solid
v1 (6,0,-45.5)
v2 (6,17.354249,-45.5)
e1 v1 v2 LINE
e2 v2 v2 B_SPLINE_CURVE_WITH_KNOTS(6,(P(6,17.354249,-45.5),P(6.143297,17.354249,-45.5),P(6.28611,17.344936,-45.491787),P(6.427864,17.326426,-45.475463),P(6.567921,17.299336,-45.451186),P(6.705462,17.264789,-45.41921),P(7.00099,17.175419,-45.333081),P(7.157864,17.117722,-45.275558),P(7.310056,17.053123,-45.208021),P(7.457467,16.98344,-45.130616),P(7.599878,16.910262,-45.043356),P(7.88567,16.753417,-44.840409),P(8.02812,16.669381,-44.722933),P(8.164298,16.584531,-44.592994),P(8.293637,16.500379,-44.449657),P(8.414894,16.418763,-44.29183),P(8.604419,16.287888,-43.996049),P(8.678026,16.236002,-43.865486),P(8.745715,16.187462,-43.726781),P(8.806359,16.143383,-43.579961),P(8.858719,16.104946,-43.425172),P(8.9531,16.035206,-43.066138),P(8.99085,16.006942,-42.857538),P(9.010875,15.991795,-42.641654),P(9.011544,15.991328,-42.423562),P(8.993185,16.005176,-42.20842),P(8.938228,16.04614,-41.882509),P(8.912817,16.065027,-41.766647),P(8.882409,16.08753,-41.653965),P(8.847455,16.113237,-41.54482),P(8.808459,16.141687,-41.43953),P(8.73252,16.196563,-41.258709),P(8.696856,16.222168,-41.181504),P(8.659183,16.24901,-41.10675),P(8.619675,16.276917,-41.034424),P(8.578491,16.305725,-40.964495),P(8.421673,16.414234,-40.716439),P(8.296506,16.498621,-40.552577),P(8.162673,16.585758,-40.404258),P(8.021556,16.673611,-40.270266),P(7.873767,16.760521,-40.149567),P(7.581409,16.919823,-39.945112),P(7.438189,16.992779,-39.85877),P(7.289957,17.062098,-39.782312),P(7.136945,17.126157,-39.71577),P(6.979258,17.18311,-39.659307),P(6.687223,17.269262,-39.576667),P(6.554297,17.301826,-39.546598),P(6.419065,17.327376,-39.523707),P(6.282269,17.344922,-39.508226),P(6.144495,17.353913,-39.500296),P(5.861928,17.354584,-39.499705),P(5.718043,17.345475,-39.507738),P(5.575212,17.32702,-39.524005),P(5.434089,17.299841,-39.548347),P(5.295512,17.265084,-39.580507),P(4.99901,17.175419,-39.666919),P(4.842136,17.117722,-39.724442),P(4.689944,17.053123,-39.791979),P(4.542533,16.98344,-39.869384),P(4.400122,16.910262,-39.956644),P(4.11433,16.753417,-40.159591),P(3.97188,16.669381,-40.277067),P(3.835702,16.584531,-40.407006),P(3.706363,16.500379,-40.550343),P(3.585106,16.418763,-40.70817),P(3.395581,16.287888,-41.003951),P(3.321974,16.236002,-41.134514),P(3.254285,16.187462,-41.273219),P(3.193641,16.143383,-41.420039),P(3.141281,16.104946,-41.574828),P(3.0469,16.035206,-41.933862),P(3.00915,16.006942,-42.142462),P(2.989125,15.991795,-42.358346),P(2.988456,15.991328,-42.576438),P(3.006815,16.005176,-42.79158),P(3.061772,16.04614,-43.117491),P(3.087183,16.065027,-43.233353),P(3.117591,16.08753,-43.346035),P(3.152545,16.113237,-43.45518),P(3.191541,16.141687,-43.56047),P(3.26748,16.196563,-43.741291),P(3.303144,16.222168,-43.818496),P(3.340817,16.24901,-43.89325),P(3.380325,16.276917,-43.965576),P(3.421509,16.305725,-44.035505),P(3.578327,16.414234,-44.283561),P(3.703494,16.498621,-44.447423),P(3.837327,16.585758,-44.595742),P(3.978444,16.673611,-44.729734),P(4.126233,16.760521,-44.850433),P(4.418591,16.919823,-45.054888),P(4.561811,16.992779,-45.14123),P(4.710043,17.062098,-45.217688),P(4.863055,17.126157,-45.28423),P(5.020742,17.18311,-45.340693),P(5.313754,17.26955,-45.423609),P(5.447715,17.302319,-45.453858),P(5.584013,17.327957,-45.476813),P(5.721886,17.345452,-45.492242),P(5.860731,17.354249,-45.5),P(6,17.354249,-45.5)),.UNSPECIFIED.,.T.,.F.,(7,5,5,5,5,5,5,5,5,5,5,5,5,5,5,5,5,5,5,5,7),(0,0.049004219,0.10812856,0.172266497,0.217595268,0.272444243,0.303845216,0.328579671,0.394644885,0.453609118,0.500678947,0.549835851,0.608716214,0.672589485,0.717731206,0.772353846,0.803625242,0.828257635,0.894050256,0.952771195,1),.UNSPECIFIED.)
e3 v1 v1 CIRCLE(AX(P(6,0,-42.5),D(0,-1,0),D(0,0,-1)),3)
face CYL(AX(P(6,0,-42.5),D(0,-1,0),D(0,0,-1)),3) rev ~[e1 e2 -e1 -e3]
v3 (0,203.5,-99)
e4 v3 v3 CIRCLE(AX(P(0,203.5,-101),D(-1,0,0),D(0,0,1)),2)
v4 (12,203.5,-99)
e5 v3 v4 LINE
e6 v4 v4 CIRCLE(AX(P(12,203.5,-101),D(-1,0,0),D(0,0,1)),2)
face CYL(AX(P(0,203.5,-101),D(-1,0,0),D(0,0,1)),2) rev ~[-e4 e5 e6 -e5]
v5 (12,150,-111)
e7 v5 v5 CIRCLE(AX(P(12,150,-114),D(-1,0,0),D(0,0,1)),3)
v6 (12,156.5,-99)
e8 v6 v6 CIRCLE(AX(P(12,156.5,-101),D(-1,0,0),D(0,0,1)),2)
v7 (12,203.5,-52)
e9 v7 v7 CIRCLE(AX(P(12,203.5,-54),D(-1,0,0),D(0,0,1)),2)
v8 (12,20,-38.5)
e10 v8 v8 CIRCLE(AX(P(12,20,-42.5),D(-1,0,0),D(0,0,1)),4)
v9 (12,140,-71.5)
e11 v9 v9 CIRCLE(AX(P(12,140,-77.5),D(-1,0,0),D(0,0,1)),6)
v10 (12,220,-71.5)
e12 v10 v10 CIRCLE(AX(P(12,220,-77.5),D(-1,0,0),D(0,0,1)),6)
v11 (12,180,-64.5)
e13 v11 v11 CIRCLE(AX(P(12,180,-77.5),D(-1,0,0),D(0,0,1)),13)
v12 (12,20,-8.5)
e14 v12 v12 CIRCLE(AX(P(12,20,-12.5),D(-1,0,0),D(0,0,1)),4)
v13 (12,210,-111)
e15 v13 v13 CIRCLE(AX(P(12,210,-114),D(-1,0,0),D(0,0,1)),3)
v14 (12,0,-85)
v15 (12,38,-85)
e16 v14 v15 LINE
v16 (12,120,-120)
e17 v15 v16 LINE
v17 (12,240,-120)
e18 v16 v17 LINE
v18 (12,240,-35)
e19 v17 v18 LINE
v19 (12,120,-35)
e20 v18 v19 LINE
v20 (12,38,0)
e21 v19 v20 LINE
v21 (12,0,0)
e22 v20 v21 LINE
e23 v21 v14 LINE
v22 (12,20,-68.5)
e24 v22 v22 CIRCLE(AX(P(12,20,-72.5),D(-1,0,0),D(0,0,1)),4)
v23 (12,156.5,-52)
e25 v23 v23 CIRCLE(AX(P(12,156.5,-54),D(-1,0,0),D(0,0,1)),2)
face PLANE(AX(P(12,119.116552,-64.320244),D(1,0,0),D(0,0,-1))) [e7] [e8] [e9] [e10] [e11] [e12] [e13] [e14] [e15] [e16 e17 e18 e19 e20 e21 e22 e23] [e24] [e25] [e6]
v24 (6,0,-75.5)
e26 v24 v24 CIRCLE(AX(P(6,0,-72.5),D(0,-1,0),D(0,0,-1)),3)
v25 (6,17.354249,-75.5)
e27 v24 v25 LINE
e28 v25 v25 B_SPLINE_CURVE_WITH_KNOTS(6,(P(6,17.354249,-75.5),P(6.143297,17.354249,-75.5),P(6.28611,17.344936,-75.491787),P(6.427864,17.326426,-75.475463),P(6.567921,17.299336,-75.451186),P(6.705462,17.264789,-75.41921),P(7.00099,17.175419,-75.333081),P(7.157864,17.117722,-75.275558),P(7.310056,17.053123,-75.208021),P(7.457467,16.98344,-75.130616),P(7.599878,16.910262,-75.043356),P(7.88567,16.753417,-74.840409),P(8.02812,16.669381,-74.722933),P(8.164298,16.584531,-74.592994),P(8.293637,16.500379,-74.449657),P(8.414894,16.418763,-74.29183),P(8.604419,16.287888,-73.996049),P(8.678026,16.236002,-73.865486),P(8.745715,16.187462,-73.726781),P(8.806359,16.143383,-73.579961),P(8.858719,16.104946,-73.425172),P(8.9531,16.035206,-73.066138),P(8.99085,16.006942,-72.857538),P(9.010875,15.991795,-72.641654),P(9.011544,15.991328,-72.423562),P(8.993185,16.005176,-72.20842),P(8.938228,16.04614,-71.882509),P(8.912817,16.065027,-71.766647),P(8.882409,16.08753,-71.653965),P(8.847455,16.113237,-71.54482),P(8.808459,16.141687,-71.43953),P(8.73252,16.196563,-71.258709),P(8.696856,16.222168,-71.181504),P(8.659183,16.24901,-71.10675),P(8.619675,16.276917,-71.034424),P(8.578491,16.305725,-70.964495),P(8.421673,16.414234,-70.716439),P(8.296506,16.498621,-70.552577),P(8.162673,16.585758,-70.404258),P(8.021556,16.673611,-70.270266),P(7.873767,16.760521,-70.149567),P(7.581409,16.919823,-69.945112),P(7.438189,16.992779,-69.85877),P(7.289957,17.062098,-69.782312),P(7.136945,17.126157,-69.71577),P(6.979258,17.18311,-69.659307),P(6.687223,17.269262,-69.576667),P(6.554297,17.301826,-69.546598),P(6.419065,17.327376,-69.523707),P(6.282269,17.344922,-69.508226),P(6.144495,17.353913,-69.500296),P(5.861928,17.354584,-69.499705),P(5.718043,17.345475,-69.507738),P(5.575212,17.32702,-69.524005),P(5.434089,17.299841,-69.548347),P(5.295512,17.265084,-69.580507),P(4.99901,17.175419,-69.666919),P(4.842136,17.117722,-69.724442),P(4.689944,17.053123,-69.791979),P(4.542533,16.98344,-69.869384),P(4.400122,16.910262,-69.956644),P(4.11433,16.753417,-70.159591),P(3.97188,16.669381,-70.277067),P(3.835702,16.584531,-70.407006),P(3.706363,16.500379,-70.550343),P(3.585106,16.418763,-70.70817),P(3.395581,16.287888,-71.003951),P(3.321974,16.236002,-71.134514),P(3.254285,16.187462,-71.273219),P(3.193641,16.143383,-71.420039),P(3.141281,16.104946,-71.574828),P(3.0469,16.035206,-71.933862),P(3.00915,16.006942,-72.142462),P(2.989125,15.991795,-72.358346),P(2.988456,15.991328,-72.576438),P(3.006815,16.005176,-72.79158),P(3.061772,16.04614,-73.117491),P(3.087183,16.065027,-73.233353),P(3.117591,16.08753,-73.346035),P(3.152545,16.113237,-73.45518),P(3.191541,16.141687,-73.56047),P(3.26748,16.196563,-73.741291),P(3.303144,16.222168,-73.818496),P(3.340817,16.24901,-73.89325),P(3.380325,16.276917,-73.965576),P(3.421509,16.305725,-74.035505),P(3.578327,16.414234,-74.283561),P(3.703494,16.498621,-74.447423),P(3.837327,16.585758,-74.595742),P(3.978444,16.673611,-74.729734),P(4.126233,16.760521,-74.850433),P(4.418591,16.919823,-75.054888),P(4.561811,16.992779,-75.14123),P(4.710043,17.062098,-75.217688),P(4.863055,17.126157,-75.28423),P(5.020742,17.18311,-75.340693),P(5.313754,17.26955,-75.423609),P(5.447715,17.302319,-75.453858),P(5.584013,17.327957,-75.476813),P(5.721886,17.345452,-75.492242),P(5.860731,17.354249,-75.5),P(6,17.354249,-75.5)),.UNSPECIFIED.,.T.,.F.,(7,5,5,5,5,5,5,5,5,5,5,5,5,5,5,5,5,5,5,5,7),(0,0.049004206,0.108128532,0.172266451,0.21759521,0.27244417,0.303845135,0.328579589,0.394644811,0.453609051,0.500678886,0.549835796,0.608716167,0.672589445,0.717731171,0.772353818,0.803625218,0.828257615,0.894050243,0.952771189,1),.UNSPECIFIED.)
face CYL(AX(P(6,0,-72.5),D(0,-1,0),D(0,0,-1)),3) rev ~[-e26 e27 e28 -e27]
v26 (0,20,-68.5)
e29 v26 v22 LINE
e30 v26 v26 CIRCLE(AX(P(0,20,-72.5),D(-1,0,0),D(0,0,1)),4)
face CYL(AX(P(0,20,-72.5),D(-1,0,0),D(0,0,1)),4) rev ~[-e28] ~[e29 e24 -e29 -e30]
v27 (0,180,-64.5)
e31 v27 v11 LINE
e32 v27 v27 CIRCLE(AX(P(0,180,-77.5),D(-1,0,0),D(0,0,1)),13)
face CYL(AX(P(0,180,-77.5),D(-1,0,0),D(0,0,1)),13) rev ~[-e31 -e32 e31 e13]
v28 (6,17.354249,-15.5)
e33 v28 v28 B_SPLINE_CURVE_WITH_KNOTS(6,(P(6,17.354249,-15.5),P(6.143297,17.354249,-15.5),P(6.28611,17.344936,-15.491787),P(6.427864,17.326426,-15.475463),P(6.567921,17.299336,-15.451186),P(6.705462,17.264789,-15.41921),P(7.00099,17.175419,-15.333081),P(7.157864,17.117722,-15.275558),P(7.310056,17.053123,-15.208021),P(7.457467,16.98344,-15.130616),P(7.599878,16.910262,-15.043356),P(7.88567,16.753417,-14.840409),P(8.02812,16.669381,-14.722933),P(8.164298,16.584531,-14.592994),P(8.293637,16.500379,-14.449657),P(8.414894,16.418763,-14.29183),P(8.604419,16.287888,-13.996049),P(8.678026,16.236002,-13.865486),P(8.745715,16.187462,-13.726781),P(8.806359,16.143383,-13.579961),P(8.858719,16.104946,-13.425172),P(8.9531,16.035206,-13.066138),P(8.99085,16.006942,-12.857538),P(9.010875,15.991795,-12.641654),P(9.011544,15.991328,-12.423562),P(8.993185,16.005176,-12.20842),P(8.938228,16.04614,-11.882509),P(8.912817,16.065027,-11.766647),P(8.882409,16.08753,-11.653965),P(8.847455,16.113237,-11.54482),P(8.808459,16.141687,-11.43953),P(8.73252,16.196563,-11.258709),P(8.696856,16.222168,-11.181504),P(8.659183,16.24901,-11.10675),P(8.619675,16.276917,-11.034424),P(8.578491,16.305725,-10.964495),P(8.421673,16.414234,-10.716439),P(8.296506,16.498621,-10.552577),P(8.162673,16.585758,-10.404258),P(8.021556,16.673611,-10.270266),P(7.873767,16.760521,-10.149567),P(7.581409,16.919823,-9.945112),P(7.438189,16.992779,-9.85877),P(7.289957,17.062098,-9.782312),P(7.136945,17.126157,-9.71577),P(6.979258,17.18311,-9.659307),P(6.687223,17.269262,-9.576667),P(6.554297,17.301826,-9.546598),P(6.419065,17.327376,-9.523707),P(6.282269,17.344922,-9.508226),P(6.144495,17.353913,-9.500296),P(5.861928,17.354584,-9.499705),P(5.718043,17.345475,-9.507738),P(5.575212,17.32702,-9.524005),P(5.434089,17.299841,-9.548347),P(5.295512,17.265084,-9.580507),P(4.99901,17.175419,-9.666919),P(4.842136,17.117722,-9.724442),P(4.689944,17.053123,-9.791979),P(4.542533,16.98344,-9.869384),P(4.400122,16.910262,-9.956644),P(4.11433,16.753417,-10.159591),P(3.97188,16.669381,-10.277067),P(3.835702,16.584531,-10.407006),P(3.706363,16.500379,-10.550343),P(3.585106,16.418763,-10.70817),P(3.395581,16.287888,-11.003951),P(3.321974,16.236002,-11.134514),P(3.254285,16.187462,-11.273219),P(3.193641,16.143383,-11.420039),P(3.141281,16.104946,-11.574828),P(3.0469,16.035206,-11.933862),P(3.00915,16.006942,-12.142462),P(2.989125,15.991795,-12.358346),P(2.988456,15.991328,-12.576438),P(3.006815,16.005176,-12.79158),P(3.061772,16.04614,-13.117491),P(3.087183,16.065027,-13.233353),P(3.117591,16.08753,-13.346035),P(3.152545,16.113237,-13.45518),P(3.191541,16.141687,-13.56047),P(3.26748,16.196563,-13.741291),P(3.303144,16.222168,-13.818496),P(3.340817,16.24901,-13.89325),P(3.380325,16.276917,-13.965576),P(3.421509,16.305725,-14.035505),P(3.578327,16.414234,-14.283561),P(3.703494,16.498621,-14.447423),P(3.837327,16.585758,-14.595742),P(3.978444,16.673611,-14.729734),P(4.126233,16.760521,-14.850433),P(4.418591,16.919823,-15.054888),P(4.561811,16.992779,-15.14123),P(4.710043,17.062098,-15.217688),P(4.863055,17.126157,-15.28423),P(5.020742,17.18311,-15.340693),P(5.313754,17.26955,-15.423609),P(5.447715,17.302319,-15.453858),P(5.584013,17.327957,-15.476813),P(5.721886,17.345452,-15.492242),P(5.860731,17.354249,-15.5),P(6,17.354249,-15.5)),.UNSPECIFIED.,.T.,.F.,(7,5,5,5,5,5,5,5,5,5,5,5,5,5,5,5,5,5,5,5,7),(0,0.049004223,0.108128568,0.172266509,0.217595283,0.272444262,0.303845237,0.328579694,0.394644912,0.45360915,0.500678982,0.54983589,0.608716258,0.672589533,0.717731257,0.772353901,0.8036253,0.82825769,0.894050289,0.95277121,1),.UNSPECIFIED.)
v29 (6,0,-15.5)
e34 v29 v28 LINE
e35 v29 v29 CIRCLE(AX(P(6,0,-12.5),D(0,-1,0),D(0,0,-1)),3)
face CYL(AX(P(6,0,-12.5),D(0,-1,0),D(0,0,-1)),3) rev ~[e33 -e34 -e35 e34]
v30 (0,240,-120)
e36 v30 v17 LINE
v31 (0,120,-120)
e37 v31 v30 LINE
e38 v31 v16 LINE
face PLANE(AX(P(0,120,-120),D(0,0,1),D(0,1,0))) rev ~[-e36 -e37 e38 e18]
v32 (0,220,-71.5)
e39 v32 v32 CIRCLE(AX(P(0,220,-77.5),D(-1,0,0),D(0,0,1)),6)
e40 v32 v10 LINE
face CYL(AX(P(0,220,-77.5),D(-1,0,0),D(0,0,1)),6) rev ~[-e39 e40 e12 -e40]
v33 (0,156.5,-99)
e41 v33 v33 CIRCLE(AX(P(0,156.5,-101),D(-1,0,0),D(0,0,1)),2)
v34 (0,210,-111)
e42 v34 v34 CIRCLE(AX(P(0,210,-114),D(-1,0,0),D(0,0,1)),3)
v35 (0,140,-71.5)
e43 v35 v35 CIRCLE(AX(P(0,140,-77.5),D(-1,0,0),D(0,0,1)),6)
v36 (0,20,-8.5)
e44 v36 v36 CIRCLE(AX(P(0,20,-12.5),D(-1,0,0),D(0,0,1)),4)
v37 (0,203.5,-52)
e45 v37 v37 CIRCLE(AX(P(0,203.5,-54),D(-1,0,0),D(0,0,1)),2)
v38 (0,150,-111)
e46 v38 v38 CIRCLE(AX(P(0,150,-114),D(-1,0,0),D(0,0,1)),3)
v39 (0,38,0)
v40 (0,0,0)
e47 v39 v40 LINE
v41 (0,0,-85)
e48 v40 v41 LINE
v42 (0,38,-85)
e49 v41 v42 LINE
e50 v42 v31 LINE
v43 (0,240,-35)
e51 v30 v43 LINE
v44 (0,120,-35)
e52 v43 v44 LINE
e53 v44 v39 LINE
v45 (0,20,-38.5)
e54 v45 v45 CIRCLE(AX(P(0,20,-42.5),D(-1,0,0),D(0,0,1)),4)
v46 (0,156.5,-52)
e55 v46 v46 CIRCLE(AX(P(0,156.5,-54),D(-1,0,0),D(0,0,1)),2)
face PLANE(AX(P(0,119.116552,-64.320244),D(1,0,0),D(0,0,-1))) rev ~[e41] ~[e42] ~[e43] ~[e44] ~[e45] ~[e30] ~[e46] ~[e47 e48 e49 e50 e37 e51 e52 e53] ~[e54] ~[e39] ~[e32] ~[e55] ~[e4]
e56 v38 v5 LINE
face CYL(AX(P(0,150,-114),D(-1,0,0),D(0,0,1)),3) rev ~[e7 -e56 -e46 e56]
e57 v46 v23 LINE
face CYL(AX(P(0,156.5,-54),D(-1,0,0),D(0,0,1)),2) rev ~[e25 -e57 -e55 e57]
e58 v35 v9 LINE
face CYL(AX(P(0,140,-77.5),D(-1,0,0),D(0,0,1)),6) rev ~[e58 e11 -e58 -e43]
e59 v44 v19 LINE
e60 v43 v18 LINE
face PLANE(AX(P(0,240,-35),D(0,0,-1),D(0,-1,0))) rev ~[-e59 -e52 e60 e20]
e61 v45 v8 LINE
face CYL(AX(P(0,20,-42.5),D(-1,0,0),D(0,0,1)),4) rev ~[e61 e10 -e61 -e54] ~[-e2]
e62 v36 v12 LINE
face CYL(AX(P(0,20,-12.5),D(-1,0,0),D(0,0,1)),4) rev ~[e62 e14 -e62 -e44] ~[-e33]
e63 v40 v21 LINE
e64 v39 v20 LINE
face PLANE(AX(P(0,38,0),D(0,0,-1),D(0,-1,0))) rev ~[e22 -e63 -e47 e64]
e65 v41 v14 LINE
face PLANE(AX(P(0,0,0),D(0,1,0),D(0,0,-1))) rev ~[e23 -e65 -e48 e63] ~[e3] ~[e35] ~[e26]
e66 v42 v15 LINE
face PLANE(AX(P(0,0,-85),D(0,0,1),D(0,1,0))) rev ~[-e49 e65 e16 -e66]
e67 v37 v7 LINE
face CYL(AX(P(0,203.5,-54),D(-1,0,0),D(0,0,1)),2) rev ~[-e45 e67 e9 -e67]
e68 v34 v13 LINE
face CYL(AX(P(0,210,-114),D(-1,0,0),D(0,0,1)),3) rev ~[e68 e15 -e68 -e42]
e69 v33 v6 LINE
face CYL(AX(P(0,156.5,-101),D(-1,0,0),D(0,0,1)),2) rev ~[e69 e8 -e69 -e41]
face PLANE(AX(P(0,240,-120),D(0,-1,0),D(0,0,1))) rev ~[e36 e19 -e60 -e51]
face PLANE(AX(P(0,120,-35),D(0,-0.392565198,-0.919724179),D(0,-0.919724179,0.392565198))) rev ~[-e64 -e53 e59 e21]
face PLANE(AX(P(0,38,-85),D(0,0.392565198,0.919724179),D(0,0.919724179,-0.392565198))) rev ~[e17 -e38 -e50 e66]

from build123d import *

# Parameters (mm, degrees)
BOSS_EXTRUDE1_DEPTH = 12
CUT_EXTRUDE1_REACH  = 270.596
SKETCH2_R           = 4
CUT_EXTRUDE2_REACH  = 270.596
SKETCH3_R           = 3
CUT_EXTRUDE3_REACH  = 270.596
SKETCH4_R           = 13
SKETCH4_R_2         = 6
SKETCH4_R_3         = 2
CUT_EXTRUDE4_REACH  = 270.596
SKETCH5_R           = 3


with BuildPart() as part:
    # Sketch1 → Boss-Extrude1 (new body)
    with BuildSketch(Plane(origin=(0, 0, 0), x_dir=(0, 0, -1), z_dir=(1, 0, 0))):
        Polygon((120, 240), (35, 240), (35, 120), (0, 38), (0, 0), (85, 0), (85, 38), (120, 120), align=None)
    extrude(amount=BOSS_EXTRUDE1_DEPTH)

    # Sketch2 → Cut-Extrude1 (cut, up to next)
    with BuildSketch(Plane.ZY, mode=Mode.PRIVATE) as cut_extrude1_sk1:
        with Locations((-42.5, 20)):
            Circle(SKETCH2_R)
    cut_extrude1_tool1 = extrude(cut_extrude1_sk1.sketch, amount=-CUT_EXTRUDE1_REACH, mode=Mode.PRIVATE) & part.part
    # Sketch2 → Cut-Extrude1 (cut, up to next)
    with BuildSketch(Plane.ZY, mode=Mode.PRIVATE) as cut_extrude1_sk2:
        with Locations((-72.5, 20)):
            Circle(SKETCH2_R)
    cut_extrude1_tool2 = extrude(cut_extrude1_sk2.sketch, amount=-CUT_EXTRUDE1_REACH, mode=Mode.PRIVATE) & part.part
    # Sketch2 → Cut-Extrude1 (cut, up to next)
    with BuildSketch(Plane.ZY, mode=Mode.PRIVATE) as cut_extrude1_sk3:
        with Locations((-12.5, 20)):
            Circle(SKETCH2_R)
    cut_extrude1_tool3 = extrude(cut_extrude1_sk3.sketch, amount=-CUT_EXTRUDE1_REACH, mode=Mode.PRIVATE) & part.part
    add(cut_extrude1_tool1.solids().sort_by_distance((0, 20, -42.5))[0], mode=Mode.SUBTRACT)
    add(cut_extrude1_tool2.solids().sort_by_distance((0, 20, -72.5))[0], mode=Mode.SUBTRACT)
    add(cut_extrude1_tool3.solids().sort_by_distance((0, 20, -12.5))[0], mode=Mode.SUBTRACT)

    # Sketch3 → Cut-Extrude2 (cut, up to next)
    with BuildSketch(Plane.XZ, mode=Mode.PRIVATE) as cut_extrude2_sk1:
        with Locations(Location((6, -42.5, 0), (0, 0, 270))):
            Circle(SKETCH3_R)
    cut_extrude2_tool1 = extrude(cut_extrude2_sk1.sketch, amount=-CUT_EXTRUDE2_REACH, mode=Mode.PRIVATE) & part.part
    # Sketch3 → Cut-Extrude2 (cut, up to next)
    with BuildSketch(Plane.XZ, mode=Mode.PRIVATE) as cut_extrude2_sk2:
        with Locations(Location((6, -72.5, 0), (0, 0, 270))):
            Circle(SKETCH3_R)
    cut_extrude2_tool2 = extrude(cut_extrude2_sk2.sketch, amount=-CUT_EXTRUDE2_REACH, mode=Mode.PRIVATE) & part.part
    # Sketch3 → Cut-Extrude2 (cut, up to next)
    with BuildSketch(Plane.XZ, mode=Mode.PRIVATE) as cut_extrude2_sk3:
        with Locations(Location((6, -12.5, 0), (0, 0, 270))):
            Circle(SKETCH3_R)
    cut_extrude2_tool3 = extrude(cut_extrude2_sk3.sketch, amount=-CUT_EXTRUDE2_REACH, mode=Mode.PRIVATE) & part.part
    add(cut_extrude2_tool1.solids().sort_by_distance((6, 0, -42.5))[0], mode=Mode.SUBTRACT)
    add(cut_extrude2_tool2.solids().sort_by_distance((6, 0, -72.5))[0], mode=Mode.SUBTRACT)
    add(cut_extrude2_tool3.solids().sort_by_distance((6, 0, -12.5))[0], mode=Mode.SUBTRACT)

    # Sketch4 → Cut-Extrude3 (cut, up to next)
    with BuildSketch(Plane.ZY, mode=Mode.PRIVATE) as cut_extrude3_sk1:
        with Locations((-77.5, 180)):
            Circle(SKETCH4_R)
    cut_extrude3_tool1 = extrude(cut_extrude3_sk1.sketch, amount=-CUT_EXTRUDE3_REACH, mode=Mode.PRIVATE) & part.part
    # Sketch4 → Cut-Extrude3 (cut, up to next)
    with BuildSketch(Plane.ZY, mode=Mode.PRIVATE) as cut_extrude3_sk2:
        with Locations((-77.5, 220)):
            Circle(SKETCH4_R_2)
    cut_extrude3_tool2 = extrude(cut_extrude3_sk2.sketch, amount=-CUT_EXTRUDE3_REACH, mode=Mode.PRIVATE) & part.part
    # Sketch4 → Cut-Extrude3 (cut, up to next)
    with BuildSketch(Plane.ZY, mode=Mode.PRIVATE) as cut_extrude3_sk3:
        with Locations((-77.5, 140)):
            Circle(SKETCH4_R_2)
    cut_extrude3_tool3 = extrude(cut_extrude3_sk3.sketch, amount=-CUT_EXTRUDE3_REACH, mode=Mode.PRIVATE) & part.part
    # Sketch4 → Cut-Extrude3 (cut, up to next)
    with BuildSketch(Plane.ZY, mode=Mode.PRIVATE) as cut_extrude3_sk4:
        with Locations((-101, 203.5)):
            Circle(SKETCH4_R_3)
    cut_extrude3_tool4 = extrude(cut_extrude3_sk4.sketch, amount=-CUT_EXTRUDE3_REACH, mode=Mode.PRIVATE) & part.part
    # Sketch4 → Cut-Extrude3 (cut, up to next)
    with BuildSketch(Plane.ZY, mode=Mode.PRIVATE) as cut_extrude3_sk5:
        with Locations((-54, 203.5)):
            Circle(SKETCH4_R_3)
    cut_extrude3_tool5 = extrude(cut_extrude3_sk5.sketch, amount=-CUT_EXTRUDE3_REACH, mode=Mode.PRIVATE) & part.part
    # Sketch4 → Cut-Extrude3 (cut, up to next)
    with BuildSketch(Plane.ZY, mode=Mode.PRIVATE) as cut_extrude3_sk6:
        with Locations((-101, 156.5)):
            Circle(SKETCH4_R_3)
    cut_extrude3_tool6 = extrude(cut_extrude3_sk6.sketch, amount=-CUT_EXTRUDE3_REACH, mode=Mode.PRIVATE) & part.part
    # Sketch4 → Cut-Extrude3 (cut, up to next)
    with BuildSketch(Plane.ZY, mode=Mode.PRIVATE) as cut_extrude3_sk7:
        with Locations((-54, 156.5)):
            Circle(SKETCH4_R_3)
    cut_extrude3_tool7 = extrude(cut_extrude3_sk7.sketch, amount=-CUT_EXTRUDE3_REACH, mode=Mode.PRIVATE) & part.part
    add(cut_extrude3_tool1.solids().sort_by_distance((0, 180, -77.5))[0], mode=Mode.SUBTRACT)
    add(cut_extrude3_tool2.solids().sort_by_distance((0, 220, -77.5))[0], mode=Mode.SUBTRACT)
    add(cut_extrude3_tool3.solids().sort_by_distance((0, 140, -77.5))[0], mode=Mode.SUBTRACT)
    add(cut_extrude3_tool4.solids().sort_by_distance((0, 203.5, -101))[0], mode=Mode.SUBTRACT)
    add(cut_extrude3_tool5.solids().sort_by_distance((0, 203.5, -54))[0], mode=Mode.SUBTRACT)
    add(cut_extrude3_tool6.solids().sort_by_distance((0, 156.5, -101))[0], mode=Mode.SUBTRACT)
    add(cut_extrude3_tool7.solids().sort_by_distance((0, 156.5, -54))[0], mode=Mode.SUBTRACT)

    # Sketch5 → Cut-Extrude4 (cut, up to next)
    with BuildSketch(Plane.ZY, mode=Mode.PRIVATE) as cut_extrude4_sk1:
        with Locations((-114, 210)):
            Circle(SKETCH5_R)
    cut_extrude4_tool1 = extrude(cut_extrude4_sk1.sketch, amount=-CUT_EXTRUDE4_REACH, mode=Mode.PRIVATE) & part.part
    # Sketch5 → Cut-Extrude4 (cut, up to next)
    with BuildSketch(Plane.ZY, mode=Mode.PRIVATE) as cut_extrude4_sk2:
        with Locations((-114, 150)):
            Circle(SKETCH5_R)
    cut_extrude4_tool2 = extrude(cut_extrude4_sk2.sketch, amount=-CUT_EXTRUDE4_REACH, mode=Mode.PRIVATE) & part.part
    add(cut_extrude4_tool1.solids().sort_by_distance((0, 210, -114))[0], mode=Mode.SUBTRACT)
    add(cut_extrude4_tool2.solids().sort_by_distance((0, 150, -114))[0], mode=Mode.SUBTRACT)


solid = part.part
